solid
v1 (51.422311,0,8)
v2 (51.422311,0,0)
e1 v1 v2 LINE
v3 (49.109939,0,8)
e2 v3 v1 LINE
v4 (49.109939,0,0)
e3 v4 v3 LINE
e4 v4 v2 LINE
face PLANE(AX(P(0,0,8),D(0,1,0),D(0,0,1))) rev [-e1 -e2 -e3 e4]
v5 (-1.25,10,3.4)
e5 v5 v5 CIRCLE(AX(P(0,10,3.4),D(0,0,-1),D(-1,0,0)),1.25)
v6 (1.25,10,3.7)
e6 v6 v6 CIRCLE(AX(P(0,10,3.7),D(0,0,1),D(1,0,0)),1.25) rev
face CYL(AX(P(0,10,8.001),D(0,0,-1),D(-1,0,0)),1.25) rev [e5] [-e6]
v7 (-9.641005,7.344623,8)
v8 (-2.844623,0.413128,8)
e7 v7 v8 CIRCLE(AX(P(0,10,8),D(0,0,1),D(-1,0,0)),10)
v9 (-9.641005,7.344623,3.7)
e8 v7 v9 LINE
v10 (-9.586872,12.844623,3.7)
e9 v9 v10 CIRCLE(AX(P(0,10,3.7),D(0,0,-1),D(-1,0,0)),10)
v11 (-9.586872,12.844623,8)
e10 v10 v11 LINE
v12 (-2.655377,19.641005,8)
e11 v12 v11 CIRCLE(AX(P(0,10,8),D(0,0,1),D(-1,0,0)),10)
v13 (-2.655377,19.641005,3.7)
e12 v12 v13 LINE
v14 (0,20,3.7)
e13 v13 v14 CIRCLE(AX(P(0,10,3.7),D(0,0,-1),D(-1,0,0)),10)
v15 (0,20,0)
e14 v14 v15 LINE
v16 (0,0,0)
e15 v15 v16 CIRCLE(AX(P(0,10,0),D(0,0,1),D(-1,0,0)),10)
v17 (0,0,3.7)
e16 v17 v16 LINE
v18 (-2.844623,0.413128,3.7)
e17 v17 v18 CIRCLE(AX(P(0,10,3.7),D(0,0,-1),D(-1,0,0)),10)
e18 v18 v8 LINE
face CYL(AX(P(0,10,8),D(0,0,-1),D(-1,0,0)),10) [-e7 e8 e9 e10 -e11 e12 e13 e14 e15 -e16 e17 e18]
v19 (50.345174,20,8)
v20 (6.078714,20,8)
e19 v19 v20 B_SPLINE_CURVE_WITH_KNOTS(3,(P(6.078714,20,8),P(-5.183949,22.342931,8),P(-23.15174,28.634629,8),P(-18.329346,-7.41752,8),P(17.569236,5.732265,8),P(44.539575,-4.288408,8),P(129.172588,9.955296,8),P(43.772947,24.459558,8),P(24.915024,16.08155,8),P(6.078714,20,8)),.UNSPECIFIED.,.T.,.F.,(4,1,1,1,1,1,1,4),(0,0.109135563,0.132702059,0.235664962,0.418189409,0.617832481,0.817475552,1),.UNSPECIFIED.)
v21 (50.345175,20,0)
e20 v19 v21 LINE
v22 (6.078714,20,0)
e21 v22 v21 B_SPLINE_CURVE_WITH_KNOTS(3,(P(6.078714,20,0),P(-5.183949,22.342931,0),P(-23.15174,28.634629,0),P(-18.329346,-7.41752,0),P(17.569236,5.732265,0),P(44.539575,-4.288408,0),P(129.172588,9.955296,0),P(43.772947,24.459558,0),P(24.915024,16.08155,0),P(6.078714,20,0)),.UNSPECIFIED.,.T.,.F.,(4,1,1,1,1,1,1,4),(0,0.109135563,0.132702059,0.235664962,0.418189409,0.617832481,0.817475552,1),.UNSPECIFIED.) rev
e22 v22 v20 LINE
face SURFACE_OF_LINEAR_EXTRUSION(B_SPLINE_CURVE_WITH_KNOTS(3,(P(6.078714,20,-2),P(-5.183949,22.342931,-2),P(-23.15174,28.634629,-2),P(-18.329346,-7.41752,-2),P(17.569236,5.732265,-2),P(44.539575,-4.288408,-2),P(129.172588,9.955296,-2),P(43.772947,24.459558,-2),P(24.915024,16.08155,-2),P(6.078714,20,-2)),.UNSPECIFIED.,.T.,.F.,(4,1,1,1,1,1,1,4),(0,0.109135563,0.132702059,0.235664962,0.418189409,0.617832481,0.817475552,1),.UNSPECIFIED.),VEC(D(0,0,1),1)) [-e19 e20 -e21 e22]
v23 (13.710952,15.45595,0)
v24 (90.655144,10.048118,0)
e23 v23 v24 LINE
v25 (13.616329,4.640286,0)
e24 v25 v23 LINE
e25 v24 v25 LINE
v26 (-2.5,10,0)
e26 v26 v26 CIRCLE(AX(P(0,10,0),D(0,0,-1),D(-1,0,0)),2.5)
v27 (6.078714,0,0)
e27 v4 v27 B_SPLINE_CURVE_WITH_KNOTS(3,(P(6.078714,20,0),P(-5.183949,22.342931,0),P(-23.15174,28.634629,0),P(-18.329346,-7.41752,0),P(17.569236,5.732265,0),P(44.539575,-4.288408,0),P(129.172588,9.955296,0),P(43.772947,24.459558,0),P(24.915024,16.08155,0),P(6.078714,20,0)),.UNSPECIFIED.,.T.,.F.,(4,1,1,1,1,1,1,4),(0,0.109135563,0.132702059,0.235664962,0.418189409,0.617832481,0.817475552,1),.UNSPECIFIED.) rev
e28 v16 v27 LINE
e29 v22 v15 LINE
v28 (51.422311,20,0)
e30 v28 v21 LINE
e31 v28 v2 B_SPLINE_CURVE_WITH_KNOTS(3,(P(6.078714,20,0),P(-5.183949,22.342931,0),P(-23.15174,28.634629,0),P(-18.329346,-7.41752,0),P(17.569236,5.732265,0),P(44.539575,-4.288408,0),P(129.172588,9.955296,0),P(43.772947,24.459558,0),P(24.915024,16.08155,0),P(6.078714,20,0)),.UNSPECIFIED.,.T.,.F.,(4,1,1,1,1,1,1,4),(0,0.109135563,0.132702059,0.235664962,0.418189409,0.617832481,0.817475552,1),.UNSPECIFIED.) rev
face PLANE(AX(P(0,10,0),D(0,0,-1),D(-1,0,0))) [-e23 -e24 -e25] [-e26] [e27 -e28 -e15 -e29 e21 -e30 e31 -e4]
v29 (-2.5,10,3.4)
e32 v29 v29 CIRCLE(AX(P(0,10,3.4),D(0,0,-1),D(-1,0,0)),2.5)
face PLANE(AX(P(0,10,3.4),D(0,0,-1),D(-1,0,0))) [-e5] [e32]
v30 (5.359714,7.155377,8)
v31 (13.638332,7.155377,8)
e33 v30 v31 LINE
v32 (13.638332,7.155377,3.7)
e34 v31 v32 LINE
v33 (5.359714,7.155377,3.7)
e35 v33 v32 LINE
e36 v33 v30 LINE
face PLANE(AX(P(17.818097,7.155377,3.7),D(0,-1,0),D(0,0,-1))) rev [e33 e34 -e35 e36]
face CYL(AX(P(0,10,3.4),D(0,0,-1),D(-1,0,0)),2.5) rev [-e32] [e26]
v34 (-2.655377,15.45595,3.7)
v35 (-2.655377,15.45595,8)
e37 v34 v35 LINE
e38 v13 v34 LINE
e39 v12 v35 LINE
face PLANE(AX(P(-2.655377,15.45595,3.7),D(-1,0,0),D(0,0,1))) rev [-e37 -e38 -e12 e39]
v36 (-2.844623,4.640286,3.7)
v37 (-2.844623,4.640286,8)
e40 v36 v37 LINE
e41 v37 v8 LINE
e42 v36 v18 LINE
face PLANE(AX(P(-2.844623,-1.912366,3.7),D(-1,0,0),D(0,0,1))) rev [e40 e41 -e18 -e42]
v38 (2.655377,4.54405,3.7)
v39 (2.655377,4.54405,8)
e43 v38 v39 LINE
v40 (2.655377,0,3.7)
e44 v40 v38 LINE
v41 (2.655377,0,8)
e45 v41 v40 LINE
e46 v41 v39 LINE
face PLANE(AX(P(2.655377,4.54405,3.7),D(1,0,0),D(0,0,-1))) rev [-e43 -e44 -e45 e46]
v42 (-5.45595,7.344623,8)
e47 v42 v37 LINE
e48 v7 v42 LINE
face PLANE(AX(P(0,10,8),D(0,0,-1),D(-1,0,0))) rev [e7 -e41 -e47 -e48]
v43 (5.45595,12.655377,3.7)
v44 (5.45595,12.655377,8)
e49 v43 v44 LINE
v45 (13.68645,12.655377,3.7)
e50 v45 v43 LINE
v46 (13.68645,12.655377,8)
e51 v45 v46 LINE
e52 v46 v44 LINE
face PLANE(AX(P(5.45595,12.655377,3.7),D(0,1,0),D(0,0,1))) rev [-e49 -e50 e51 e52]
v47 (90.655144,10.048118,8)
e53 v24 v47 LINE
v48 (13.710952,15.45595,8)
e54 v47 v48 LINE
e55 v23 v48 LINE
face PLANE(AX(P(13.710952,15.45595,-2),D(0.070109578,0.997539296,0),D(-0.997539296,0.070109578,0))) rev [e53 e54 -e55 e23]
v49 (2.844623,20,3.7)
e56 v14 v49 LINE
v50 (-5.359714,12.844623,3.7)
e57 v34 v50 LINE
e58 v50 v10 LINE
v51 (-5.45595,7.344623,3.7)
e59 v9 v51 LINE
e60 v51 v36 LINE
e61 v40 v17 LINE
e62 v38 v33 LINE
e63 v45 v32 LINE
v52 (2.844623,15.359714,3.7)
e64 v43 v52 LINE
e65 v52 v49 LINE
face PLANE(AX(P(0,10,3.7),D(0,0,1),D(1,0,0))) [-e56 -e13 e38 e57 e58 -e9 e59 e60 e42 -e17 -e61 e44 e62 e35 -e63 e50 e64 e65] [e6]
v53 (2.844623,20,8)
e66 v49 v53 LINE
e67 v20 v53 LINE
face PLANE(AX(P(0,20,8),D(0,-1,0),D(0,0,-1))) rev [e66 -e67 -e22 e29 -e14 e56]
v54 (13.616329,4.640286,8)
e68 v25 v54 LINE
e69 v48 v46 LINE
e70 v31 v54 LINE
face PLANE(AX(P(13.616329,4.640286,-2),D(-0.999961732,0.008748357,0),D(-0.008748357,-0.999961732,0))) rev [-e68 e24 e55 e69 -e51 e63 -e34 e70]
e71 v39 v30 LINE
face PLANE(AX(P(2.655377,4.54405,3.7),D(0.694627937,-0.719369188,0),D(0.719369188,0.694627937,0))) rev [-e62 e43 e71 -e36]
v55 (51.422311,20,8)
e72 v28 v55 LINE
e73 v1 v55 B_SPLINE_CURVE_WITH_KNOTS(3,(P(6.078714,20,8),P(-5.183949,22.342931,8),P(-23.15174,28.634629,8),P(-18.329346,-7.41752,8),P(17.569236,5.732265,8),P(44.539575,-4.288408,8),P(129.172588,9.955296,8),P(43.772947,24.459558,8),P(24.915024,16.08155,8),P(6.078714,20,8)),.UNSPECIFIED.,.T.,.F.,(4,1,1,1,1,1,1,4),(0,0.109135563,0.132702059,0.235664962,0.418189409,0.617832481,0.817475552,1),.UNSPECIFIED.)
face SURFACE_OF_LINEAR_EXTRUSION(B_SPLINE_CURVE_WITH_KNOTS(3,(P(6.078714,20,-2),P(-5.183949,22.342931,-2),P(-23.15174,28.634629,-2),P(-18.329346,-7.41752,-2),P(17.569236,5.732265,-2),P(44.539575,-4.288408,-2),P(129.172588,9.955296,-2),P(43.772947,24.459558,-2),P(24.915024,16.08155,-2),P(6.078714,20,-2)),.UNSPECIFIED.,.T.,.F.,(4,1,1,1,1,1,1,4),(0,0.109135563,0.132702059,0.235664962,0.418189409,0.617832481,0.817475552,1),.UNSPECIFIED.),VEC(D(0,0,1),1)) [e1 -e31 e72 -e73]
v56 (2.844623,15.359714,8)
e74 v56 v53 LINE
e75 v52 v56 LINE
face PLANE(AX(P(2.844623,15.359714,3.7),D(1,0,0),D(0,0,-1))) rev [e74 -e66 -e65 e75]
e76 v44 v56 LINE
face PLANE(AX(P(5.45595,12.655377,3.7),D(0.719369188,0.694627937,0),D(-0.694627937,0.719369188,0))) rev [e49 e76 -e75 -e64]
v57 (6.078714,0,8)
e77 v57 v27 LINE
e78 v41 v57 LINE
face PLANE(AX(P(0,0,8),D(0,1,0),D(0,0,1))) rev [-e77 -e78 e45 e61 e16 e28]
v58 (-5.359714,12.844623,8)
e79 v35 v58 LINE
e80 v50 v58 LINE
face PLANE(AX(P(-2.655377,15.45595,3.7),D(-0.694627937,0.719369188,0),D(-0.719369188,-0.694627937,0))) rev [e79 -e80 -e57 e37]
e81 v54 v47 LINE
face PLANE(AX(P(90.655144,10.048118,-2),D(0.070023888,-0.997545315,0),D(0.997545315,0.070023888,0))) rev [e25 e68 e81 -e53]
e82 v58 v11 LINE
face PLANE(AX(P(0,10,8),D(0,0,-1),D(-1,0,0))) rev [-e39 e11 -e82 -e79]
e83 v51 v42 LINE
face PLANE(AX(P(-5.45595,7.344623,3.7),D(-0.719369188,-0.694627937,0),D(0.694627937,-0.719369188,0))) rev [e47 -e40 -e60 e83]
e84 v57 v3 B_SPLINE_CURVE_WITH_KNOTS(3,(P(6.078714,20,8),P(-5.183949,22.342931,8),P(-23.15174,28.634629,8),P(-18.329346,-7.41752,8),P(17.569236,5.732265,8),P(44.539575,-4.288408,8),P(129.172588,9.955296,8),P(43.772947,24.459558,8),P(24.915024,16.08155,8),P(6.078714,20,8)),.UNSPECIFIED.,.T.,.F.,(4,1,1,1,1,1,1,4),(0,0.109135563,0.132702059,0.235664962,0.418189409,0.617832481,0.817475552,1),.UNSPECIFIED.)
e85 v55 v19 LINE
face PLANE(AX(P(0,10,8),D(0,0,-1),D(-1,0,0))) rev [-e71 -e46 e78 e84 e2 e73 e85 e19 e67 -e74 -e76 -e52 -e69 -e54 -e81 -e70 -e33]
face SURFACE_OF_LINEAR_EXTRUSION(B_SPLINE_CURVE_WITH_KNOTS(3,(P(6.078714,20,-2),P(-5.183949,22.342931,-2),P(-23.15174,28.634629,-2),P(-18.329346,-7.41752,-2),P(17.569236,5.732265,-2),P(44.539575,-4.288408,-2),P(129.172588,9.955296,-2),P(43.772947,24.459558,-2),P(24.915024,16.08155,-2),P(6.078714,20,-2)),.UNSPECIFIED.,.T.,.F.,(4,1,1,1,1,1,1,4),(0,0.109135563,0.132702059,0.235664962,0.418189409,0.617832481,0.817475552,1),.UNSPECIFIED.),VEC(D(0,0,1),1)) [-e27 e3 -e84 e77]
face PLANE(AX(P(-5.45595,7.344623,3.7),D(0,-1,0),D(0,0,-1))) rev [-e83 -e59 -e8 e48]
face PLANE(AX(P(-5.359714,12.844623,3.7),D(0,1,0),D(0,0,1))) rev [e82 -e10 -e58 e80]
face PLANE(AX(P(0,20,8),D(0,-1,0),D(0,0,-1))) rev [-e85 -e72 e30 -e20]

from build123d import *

# Parameters (mm, degrees)
BOSS_EXTRU_1_DEPTH       = 8
ESQUISSE13_R             = 4
ENL_V_MAT_EXTRU_9_DEPTH  = 4.3
ENL_V_MAT_EXTRU_10_DEPTH = 4.3
ESQUISSE15_R             = 2.5
ENL_V_MAT_EXTRU_11_DEPTH = 3.4
ENL_V_MAT_EXTRU_12_REACH = 113.898
ESQUISSE16_R             = 1.25
ESQUISSE17_OUTSIDE_W     = 146.384
ESQUISSE17_OUTSIDE_H     = 46.384
ENL_V_MAT_EXTRU_13_DEPTH = 10
ENL_V_MAT_EXTRU_14_DEPTH = 10


with BuildPart() as part:
    # Esquisse1 → Boss.-Extru.1 (new body)
    with BuildSketch(Plane.XY):
        with BuildLine():
            Line((0, 0), (100, 0))
            ThreePointArc((100, 0), (110, 10), (100, 20))
            Line((100, 20), (0, 20))
            ThreePointArc((0, 20), (-10, 10), (0, 0))
        make_face()
    extrude(amount=BOSS_EXTRU_1_DEPTH)

    # Esquisse13 → Enlèv. mat.-Extru.9 (cut)
    with BuildSketch(Plane.XY.offset(8)):
        with Locations((0, 10)):
            Circle(ESQUISSE13_R)
    extrude(amount=-ENL_V_MAT_EXTRU_9_DEPTH, mode=Mode.SUBTRACT)

    # Esquisse14 → Enlèv. mat.-Extru.10 (cut)
    with BuildSketch(Plane.XY.offset(8)):
        Polygon((2.655377087, 4.544050257), (2.655377087, -2.008601379), (-2.844622913, -1.912365766), (-2.844622913, 4.640285869), (-5.455949743, 7.344622913), (-12.008601379, 7.344622913), (-11.912365766, 12.844622913), (-5.359714131, 12.844622913), (-2.655377087, 15.455949743), (-2.655377087, 22.008601379), (2.844622913, 21.912365766), (2.844622913, 15.359714131), (5.455949743, 12.655377087), (12.008601379, 12.655377087), (17.818097103, 12.655377087), (17.818097103, 7.155377087), (11.912365766, 7.155377087), (5.359714131, 7.155377087), align=None)
    extrude(amount=-ENL_V_MAT_EXTRU_10_DEPTH, mode=Mode.SUBTRACT)

    # Esquisse15 → Enlèv. mat.-Extru.11 (cut)
    with BuildSketch(Plane(origin=(0, 0, 0), x_dir=(-1, 0, 0), z_dir=(0, 0, -1))):
        with Locations((0, 10)):
            Circle(ESQUISSE15_R)
    extrude(amount=-ENL_V_MAT_EXTRU_11_DEPTH, mode=Mode.SUBTRACT)

    # Esquisse16 → Enlèv. mat.-Extru.12 (cut, up to next)
    with BuildSketch(Plane(origin=(0, 0, 3.4), x_dir=(-1, 0, 0), z_dir=(0, 0, -1)), mode=Mode.PRIVATE) as enl_v_mat_extru_12_sk1:
        with Locations((0, 10)):
            Circle(ESQUISSE16_R)
    enl_v_mat_extru_12_tool1 = extrude(enl_v_mat_extru_12_sk1.sketch, amount=-ENL_V_MAT_EXTRU_12_REACH, mode=Mode.PRIVATE) & part.part
    add(enl_v_mat_extru_12_tool1.solids().sort_by_distance((0, 10, 3.4))[0], mode=Mode.SUBTRACT)

    # Esquisse17 outside → Enlèv. mat.-Extru.13 (cut)
    with BuildSketch(Plane.XY.offset(8)):
        with Locations((50, 10)):
            Rectangle(ESQUISSE17_OUTSIDE_W, ESQUISSE17_OUTSIDE_H)
        with BuildLine():
            add(Edge.make_bspline(
                [(6.078713642, 20), (24.915023514, 16.081550404), (43.772946516, 24.459557565), (129.172588167, 9.95529611), (44.539574838, -4.288408378), (17.569235721, 5.732265476), (-18.329346207, -7.417520102), (-23.15173951, 28.634629281), (-5.183949024, 22.342931088), (6.078713642, 20)],
                knots=[0, 0, 0, 0, 0.182524448, 0.382167519, 0.581810591, 0.764335038, 0.867297941, 0.890864437, 1, 1, 1, 1], degree=3))
        make_face(mode=Mode.SUBTRACT)
    extrude(amount=-ENL_V_MAT_EXTRU_13_DEPTH, mode=Mode.SUBTRACT)

    # Esquisse18 → Enlèv. mat.-Extru.14 (cut)
    with BuildSketch(Plane.XY.offset(8)):
        Polygon((13.616328718, 4.640285869), (13.71095163, 15.455949743), (90.655144278, 10.048117806), align=None)
    extrude(amount=-ENL_V_MAT_EXTRU_14_DEPTH, mode=Mode.SUBTRACT)


solid = part.part
